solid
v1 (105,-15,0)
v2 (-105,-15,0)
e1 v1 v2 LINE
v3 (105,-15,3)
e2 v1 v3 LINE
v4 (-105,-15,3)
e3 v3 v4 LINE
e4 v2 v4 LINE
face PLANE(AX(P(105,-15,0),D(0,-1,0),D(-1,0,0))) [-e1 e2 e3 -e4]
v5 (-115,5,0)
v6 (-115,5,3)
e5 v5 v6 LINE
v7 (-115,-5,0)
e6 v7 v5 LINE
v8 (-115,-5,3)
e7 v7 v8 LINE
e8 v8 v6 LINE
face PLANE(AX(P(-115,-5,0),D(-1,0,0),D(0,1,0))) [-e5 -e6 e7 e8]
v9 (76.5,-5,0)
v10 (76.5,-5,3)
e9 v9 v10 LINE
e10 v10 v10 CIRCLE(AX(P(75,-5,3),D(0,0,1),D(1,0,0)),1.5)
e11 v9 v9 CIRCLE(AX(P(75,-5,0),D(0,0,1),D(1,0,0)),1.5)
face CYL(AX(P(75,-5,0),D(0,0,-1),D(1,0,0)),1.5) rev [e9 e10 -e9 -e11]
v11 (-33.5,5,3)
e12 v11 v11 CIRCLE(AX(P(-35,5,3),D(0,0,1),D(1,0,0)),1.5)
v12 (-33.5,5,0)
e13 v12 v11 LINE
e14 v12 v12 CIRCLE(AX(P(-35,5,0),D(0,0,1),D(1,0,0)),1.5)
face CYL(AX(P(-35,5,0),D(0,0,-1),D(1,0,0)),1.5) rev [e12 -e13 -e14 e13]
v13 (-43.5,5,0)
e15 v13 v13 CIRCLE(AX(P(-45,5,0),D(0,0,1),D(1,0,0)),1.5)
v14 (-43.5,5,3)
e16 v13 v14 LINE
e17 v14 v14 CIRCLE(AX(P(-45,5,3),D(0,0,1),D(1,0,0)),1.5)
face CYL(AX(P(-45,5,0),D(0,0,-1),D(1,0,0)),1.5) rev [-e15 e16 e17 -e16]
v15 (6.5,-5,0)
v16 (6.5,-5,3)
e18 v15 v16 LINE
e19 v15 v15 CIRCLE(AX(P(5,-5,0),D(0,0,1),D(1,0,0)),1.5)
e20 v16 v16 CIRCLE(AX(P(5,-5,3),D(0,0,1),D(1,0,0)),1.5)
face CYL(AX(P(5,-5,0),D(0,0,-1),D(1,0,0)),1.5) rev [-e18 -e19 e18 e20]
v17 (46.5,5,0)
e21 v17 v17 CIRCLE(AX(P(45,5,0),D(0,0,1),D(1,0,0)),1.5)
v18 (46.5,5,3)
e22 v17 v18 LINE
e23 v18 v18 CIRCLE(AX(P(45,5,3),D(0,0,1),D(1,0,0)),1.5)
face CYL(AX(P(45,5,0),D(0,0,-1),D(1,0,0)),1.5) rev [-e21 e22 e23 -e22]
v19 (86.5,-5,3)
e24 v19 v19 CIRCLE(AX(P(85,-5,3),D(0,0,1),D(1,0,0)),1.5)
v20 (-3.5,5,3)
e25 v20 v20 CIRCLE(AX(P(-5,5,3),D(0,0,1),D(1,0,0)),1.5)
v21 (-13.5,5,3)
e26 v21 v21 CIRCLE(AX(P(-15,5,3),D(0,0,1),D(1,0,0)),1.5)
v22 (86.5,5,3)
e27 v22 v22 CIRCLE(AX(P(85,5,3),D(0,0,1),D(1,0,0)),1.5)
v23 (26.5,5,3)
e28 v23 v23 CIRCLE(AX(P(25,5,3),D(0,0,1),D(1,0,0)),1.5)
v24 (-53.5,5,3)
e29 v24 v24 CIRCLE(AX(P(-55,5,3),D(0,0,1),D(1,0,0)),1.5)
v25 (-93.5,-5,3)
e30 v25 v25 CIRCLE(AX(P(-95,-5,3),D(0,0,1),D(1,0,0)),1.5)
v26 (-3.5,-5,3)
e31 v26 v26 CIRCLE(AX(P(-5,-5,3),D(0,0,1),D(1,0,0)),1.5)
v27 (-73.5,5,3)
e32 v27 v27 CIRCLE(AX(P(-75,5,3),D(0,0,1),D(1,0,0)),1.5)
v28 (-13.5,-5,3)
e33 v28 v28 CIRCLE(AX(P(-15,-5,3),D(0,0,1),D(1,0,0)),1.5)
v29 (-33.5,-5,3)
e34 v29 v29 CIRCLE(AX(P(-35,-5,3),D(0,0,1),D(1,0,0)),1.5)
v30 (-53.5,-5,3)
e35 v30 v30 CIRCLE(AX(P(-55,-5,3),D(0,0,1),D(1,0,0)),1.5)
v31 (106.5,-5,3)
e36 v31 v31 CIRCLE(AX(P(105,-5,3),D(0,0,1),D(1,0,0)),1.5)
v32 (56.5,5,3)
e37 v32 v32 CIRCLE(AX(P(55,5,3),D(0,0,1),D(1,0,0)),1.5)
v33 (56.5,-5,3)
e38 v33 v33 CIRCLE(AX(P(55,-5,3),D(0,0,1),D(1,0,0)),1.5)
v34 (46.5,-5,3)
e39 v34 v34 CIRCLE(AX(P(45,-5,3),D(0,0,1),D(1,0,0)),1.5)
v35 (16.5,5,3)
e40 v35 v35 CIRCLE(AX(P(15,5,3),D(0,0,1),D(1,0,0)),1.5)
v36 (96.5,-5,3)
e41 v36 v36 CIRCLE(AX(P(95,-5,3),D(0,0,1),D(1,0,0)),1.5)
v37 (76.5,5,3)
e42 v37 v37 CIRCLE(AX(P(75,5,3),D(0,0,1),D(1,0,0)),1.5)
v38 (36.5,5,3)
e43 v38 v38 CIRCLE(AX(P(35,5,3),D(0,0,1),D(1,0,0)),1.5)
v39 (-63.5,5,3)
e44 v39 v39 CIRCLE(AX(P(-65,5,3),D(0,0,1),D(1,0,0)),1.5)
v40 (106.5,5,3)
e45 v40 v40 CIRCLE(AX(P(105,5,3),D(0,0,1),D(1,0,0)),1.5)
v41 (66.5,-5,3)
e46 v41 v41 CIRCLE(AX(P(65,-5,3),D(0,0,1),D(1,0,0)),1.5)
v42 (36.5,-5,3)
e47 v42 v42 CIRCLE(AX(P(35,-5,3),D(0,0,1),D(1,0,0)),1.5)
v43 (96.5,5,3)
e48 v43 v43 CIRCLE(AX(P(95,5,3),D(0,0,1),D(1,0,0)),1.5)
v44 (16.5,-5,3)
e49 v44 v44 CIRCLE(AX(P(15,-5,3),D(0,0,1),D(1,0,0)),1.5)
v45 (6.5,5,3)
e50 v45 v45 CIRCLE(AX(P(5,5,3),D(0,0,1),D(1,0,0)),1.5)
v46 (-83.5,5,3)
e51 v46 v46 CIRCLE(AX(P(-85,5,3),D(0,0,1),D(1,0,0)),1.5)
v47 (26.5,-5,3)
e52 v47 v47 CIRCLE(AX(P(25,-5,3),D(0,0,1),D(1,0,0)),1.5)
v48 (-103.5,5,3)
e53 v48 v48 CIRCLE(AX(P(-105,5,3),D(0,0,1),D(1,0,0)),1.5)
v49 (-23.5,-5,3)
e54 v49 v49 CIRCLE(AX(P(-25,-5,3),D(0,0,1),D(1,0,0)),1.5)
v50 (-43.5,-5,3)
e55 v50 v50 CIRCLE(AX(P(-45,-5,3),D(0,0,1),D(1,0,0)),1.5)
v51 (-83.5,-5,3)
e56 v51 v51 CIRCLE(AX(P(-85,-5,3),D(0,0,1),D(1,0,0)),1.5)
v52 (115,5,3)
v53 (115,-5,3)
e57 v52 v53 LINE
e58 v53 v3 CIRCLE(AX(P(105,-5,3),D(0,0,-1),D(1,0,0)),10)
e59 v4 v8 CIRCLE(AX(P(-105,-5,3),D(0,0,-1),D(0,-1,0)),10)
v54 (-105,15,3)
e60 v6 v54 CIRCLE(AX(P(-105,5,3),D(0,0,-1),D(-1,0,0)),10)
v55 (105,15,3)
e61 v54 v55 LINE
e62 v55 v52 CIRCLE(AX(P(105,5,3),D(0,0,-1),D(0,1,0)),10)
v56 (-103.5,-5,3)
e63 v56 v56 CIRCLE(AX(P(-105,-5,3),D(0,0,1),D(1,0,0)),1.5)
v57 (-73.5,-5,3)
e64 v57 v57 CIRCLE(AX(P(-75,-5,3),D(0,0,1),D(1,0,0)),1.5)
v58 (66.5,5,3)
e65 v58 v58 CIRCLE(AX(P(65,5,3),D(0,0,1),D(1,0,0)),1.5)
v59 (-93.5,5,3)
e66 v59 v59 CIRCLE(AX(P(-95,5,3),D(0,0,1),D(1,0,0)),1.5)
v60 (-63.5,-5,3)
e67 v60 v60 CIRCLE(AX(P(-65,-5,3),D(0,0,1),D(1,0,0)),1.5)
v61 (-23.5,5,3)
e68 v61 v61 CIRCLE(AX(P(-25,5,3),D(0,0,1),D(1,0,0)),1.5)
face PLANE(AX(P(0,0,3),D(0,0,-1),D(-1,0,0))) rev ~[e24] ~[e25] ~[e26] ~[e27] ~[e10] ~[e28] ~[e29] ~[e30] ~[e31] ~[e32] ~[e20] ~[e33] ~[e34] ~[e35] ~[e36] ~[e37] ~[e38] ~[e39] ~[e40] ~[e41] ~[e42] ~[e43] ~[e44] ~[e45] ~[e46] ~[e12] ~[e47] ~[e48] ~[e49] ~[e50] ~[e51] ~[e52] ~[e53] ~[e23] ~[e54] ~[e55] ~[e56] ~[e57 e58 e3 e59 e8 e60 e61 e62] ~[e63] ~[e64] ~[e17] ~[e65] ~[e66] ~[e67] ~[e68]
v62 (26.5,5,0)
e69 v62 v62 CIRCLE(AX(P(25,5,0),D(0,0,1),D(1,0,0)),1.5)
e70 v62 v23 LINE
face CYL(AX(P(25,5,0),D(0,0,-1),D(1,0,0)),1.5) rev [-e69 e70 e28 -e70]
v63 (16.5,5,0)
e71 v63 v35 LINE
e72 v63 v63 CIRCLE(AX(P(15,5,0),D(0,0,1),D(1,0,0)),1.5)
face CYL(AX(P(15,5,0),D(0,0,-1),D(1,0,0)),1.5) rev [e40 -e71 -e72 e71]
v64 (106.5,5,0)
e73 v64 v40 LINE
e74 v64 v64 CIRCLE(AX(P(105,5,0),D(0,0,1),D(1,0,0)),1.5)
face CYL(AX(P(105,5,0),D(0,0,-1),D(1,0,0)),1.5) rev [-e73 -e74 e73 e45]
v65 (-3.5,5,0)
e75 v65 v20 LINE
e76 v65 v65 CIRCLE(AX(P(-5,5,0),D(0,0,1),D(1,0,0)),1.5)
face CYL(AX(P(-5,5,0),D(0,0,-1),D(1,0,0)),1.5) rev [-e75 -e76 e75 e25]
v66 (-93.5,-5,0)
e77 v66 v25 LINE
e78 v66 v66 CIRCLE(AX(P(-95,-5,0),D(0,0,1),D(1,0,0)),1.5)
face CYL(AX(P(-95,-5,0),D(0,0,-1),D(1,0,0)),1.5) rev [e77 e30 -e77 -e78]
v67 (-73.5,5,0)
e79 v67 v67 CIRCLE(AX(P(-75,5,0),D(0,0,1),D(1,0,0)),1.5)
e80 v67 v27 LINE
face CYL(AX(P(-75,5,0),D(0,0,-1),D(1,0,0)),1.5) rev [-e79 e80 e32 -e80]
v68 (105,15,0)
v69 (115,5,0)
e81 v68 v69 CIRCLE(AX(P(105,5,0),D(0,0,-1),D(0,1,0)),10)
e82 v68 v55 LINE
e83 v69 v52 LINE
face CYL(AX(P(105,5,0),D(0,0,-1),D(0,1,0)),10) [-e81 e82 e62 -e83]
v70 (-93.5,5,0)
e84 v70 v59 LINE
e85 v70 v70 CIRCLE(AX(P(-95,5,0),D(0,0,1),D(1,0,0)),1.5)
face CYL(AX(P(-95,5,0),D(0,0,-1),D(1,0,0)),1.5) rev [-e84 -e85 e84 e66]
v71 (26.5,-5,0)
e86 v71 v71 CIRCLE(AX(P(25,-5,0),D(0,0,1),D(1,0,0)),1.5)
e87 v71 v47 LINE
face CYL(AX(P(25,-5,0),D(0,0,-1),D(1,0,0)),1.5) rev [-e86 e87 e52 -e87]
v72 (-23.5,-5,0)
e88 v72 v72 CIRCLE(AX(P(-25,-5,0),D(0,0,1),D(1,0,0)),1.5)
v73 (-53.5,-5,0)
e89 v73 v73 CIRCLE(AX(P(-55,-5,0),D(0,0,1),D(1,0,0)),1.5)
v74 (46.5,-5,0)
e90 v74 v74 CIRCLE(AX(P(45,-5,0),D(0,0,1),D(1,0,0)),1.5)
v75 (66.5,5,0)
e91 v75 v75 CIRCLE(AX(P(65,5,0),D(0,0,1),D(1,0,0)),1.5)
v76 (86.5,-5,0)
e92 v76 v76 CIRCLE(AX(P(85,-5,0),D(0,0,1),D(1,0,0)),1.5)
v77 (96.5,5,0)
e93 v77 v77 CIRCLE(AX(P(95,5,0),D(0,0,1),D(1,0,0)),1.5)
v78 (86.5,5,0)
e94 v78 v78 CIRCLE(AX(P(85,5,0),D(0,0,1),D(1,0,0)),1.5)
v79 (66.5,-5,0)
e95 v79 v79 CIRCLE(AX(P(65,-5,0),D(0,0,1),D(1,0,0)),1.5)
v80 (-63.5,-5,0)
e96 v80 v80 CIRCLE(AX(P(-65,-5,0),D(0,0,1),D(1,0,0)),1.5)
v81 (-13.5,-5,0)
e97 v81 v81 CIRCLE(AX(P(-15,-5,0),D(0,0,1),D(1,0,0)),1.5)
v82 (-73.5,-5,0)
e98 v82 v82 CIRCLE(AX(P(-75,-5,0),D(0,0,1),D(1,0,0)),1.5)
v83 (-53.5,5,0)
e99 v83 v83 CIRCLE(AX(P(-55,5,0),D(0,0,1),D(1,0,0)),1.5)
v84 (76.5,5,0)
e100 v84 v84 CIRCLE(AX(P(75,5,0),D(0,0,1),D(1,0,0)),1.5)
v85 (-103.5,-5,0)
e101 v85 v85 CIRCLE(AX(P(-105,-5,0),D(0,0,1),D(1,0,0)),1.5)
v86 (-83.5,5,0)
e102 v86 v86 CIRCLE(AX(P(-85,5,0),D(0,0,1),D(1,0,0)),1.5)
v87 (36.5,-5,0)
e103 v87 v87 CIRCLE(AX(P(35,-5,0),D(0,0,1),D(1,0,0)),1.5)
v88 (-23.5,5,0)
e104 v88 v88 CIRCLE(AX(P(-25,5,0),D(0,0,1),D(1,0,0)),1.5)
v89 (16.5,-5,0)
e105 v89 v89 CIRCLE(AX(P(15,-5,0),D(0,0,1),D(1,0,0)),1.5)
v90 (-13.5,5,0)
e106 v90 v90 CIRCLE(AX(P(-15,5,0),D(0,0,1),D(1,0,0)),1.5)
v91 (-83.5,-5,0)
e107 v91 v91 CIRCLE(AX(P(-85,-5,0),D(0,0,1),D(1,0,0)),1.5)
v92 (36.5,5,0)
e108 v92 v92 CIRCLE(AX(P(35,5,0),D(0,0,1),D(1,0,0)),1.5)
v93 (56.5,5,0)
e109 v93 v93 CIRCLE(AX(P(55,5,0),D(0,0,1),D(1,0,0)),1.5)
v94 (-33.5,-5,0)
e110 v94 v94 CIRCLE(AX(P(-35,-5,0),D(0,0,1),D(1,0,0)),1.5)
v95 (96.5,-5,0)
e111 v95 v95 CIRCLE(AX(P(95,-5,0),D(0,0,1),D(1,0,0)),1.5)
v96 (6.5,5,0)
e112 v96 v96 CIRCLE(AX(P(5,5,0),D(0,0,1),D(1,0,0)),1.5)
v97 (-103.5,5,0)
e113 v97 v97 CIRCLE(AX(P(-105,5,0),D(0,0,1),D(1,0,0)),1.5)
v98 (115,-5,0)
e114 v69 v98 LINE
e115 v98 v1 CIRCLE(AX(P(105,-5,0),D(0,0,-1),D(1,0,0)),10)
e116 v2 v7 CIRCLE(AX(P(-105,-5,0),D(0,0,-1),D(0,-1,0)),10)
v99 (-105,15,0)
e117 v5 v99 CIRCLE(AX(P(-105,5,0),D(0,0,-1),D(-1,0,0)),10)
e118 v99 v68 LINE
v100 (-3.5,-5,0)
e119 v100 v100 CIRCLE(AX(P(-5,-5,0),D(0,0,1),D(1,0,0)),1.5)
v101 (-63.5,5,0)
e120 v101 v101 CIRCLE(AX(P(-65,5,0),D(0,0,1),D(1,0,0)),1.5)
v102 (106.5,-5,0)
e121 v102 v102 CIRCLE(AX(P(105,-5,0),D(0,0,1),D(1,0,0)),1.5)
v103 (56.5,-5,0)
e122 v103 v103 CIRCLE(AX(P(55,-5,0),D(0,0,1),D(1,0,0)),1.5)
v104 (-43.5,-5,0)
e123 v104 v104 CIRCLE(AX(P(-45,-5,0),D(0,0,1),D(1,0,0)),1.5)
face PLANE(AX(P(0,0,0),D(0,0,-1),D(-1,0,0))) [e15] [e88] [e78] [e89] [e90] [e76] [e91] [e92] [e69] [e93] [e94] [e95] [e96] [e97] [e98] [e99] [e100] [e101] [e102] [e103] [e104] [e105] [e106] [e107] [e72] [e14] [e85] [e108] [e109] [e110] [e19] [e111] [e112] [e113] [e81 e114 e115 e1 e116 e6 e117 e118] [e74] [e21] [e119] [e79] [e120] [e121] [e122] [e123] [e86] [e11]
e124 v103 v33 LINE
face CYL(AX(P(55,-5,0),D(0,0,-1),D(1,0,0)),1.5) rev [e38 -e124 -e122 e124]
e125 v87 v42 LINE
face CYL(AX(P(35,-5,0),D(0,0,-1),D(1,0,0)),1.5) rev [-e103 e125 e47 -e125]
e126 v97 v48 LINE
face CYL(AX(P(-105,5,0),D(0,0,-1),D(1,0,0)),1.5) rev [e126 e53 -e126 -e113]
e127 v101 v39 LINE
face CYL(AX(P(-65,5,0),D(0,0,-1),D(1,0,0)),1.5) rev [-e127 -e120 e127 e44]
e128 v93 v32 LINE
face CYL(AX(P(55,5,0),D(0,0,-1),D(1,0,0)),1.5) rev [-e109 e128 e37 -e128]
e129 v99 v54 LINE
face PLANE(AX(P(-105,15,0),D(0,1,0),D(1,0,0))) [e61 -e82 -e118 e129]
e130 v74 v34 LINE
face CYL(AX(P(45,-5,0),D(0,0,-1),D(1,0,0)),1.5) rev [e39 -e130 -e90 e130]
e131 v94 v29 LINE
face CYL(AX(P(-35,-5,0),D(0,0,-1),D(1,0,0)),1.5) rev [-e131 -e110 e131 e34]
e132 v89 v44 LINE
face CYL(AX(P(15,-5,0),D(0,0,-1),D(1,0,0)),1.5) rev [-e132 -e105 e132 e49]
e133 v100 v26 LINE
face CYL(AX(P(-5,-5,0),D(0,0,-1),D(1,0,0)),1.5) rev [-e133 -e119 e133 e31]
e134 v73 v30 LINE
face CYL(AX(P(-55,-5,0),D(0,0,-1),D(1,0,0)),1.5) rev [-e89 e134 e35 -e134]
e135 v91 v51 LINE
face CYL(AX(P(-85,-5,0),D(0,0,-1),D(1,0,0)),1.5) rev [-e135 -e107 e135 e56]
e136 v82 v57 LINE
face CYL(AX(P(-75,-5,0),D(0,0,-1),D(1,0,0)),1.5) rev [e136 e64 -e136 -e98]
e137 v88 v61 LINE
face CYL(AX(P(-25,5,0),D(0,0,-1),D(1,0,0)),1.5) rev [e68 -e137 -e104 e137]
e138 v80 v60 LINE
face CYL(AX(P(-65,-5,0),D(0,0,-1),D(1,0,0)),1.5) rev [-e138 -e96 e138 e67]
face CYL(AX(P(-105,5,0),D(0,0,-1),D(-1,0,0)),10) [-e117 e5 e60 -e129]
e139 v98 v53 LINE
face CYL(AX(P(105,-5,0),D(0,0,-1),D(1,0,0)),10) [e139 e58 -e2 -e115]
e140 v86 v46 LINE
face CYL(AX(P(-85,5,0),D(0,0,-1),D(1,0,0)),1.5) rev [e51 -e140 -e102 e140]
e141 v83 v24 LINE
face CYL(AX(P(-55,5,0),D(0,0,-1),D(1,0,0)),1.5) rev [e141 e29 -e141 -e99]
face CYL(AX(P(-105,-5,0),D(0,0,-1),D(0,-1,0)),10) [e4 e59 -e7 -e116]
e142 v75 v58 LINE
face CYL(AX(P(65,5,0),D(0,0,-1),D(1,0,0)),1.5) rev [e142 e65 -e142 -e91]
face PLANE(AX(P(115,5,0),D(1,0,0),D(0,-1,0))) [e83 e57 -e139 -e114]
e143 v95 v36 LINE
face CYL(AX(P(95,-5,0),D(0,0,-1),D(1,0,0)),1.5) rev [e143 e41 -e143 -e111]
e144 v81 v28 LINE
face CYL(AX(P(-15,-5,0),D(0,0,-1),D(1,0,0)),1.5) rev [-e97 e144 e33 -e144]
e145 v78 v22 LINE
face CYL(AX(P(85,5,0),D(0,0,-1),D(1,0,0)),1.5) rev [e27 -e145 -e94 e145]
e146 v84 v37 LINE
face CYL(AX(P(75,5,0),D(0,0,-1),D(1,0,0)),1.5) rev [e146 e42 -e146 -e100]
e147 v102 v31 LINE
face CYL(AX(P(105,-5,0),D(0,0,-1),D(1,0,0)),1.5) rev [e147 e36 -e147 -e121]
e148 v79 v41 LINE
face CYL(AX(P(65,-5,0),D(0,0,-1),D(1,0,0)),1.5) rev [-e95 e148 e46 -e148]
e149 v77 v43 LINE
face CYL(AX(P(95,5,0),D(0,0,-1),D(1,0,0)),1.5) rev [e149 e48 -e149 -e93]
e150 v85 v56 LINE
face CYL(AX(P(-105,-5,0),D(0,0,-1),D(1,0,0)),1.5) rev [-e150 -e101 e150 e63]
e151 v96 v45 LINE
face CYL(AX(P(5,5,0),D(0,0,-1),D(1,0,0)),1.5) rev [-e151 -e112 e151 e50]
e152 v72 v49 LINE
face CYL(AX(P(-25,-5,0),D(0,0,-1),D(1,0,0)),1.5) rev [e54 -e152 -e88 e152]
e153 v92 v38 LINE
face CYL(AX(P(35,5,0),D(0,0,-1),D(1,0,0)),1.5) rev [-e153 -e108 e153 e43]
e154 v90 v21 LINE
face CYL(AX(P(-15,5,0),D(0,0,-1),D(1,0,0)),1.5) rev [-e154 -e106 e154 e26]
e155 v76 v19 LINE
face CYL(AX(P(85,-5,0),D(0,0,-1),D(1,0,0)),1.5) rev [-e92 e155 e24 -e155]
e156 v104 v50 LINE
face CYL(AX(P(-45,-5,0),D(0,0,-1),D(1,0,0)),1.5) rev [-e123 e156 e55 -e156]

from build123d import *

# Parameters (mm, degrees)
SKETCH1_R           = 1.5
BOSS_EXTRUDE1_DEPTH = 3


with BuildPart() as part:
    # Sketch1 → Boss-Extrude1 (new body)
    with BuildSketch(Plane.XY):
        with BuildLine():
            Line((-105, 15), (105, 15))
            ThreePointArc((105, 15), (112.071067812, 12.071067812), (115, 5))
            Line((115, 5), (115, -5))
            ThreePointArc((115, -5), (112.071067812, -12.071067812), (105, -15))
            Line((105, -15), (-105, -15))
            ThreePointArc((-105, -15), (-112.071067812, -12.071067812), (-115, -5))
            Line((-115, -5), (-115, 5))
            ThreePointArc((-115, 5), (-112.071067812, 12.071067812), (-105, 15))
        make_face()
        with Locations((-105, 5)):
            Circle(SKETCH1_R, mode=Mode.SUBTRACT)
        with Locations((-95, 5)):
            Circle(SKETCH1_R, mode=Mode.SUBTRACT)
        with Locations((-85, 5)):
            Circle(SKETCH1_R, mode=Mode.SUBTRACT)
        with Locations((-75, 5)):
            Circle(SKETCH1_R, mode=Mode.SUBTRACT)
        with Locations((-65, 5)):
            Circle(SKETCH1_R, mode=Mode.SUBTRACT)
        with Locations((-55, 5)):
            Circle(SKETCH1_R, mode=Mode.SUBTRACT)
        with Locations((-45, 5)):
            Circle(SKETCH1_R, mode=Mode.SUBTRACT)
        with Locations((-35, 5)):
            Circle(SKETCH1_R, mode=Mode.SUBTRACT)
        with Locations((-25, 5)):
            Circle(SKETCH1_R, mode=Mode.SUBTRACT)
        with Locations((-15, 5)):
            Circle(SKETCH1_R, mode=Mode.SUBTRACT)
        with Locations((-5, 5)):
            Circle(SKETCH1_R, mode=Mode.SUBTRACT)
        with Locations((15, 5)):
            Circle(SKETCH1_R, mode=Mode.SUBTRACT)
        with Locations((25, 5)):
            Circle(SKETCH1_R, mode=Mode.SUBTRACT)
        with Locations((5, 5)):
            Circle(SKETCH1_R, mode=Mode.SUBTRACT)
        with Locations((35, 5)):
            Circle(SKETCH1_R, mode=Mode.SUBTRACT)
        with Locations((45, 5)):
            Circle(SKETCH1_R, mode=Mode.SUBTRACT)
        with Locations((55, 5)):
            Circle(SKETCH1_R, mode=Mode.SUBTRACT)
        with Locations((65, 5)):
            Circle(SKETCH1_R, mode=Mode.SUBTRACT)
        with Locations((75, 5)):
            Circle(SKETCH1_R, mode=Mode.SUBTRACT)
        with Locations((85, 5)):
            Circle(SKETCH1_R, mode=Mode.SUBTRACT)
        with Locations((95, 5)):
            Circle(SKETCH1_R, mode=Mode.SUBTRACT)
        with Locations((-85, -5)):
            Circle(SKETCH1_R, mode=Mode.SUBTRACT)
        with Locations((-75, -5)):
            Circle(SKETCH1_R, mode=Mode.SUBTRACT)
        with Locations((-65, -5)):
            Circle(SKETCH1_R, mode=Mode.SUBTRACT)
        with Locations((-55, -5)):
            Circle(SKETCH1_R, mode=Mode.SUBTRACT)
        with Locations((-45, -5)):
            Circle(SKETCH1_R, mode=Mode.SUBTRACT)
        with Locations((-35, -5)):
            Circle(SKETCH1_R, mode=Mode.SUBTRACT)
        with Locations((-25, -5)):
            Circle(SKETCH1_R, mode=Mode.SUBTRACT)
        with Locations((-15, -5)):
            Circle(SKETCH1_R, mode=Mode.SUBTRACT)
        with Locations((-5, -5)):
            Circle(SKETCH1_R, mode=Mode.SUBTRACT)
        with Locations((5, -5)):
            Circle(SKETCH1_R, mode=Mode.SUBTRACT)
        with Locations((15, -5)):
            Circle(SKETCH1_R, mode=Mode.SUBTRACT)
        with Locations((35, -5)):
            Circle(SKETCH1_R, mode=Mode.SUBTRACT)
        with Locations((45, -5)):
            Circle(SKETCH1_R, mode=Mode.SUBTRACT)
        with Locations((25, -5)):
            Circle(SKETCH1_R, mode=Mode.SUBTRACT)
        with Locations((55, -5)):
            Circle(SKETCH1_R, mode=Mode.SUBTRACT)
        with Locations((65, -5)):
            Circle(SKETCH1_R, mode=Mode.SUBTRACT)
        with Locations((75, -5)):
            Circle(SKETCH1_R, mode=Mode.SUBTRACT)
        with Locations((85, -5)):
            Circle(SKETCH1_R, mode=Mode.SUBTRACT)
        with Locations((95, -5)):
            Circle(SKETCH1_R, mode=Mode.SUBTRACT)
        with Locations((105, -5)):
            Circle(SKETCH1_R, mode=Mode.SUBTRACT)
        with Locations((105, 5)):
            Circle(SKETCH1_R, mode=Mode.SUBTRACT)
        with Locations((-105, -5)):
            Circle(SKETCH1_R, mode=Mode.SUBTRACT)
        with Locations((-95, -5)):
            Circle(SKETCH1_R, mode=Mode.SUBTRACT)
    extrude(amount=BOSS_EXTRUDE1_DEPTH)


solid = part.part
